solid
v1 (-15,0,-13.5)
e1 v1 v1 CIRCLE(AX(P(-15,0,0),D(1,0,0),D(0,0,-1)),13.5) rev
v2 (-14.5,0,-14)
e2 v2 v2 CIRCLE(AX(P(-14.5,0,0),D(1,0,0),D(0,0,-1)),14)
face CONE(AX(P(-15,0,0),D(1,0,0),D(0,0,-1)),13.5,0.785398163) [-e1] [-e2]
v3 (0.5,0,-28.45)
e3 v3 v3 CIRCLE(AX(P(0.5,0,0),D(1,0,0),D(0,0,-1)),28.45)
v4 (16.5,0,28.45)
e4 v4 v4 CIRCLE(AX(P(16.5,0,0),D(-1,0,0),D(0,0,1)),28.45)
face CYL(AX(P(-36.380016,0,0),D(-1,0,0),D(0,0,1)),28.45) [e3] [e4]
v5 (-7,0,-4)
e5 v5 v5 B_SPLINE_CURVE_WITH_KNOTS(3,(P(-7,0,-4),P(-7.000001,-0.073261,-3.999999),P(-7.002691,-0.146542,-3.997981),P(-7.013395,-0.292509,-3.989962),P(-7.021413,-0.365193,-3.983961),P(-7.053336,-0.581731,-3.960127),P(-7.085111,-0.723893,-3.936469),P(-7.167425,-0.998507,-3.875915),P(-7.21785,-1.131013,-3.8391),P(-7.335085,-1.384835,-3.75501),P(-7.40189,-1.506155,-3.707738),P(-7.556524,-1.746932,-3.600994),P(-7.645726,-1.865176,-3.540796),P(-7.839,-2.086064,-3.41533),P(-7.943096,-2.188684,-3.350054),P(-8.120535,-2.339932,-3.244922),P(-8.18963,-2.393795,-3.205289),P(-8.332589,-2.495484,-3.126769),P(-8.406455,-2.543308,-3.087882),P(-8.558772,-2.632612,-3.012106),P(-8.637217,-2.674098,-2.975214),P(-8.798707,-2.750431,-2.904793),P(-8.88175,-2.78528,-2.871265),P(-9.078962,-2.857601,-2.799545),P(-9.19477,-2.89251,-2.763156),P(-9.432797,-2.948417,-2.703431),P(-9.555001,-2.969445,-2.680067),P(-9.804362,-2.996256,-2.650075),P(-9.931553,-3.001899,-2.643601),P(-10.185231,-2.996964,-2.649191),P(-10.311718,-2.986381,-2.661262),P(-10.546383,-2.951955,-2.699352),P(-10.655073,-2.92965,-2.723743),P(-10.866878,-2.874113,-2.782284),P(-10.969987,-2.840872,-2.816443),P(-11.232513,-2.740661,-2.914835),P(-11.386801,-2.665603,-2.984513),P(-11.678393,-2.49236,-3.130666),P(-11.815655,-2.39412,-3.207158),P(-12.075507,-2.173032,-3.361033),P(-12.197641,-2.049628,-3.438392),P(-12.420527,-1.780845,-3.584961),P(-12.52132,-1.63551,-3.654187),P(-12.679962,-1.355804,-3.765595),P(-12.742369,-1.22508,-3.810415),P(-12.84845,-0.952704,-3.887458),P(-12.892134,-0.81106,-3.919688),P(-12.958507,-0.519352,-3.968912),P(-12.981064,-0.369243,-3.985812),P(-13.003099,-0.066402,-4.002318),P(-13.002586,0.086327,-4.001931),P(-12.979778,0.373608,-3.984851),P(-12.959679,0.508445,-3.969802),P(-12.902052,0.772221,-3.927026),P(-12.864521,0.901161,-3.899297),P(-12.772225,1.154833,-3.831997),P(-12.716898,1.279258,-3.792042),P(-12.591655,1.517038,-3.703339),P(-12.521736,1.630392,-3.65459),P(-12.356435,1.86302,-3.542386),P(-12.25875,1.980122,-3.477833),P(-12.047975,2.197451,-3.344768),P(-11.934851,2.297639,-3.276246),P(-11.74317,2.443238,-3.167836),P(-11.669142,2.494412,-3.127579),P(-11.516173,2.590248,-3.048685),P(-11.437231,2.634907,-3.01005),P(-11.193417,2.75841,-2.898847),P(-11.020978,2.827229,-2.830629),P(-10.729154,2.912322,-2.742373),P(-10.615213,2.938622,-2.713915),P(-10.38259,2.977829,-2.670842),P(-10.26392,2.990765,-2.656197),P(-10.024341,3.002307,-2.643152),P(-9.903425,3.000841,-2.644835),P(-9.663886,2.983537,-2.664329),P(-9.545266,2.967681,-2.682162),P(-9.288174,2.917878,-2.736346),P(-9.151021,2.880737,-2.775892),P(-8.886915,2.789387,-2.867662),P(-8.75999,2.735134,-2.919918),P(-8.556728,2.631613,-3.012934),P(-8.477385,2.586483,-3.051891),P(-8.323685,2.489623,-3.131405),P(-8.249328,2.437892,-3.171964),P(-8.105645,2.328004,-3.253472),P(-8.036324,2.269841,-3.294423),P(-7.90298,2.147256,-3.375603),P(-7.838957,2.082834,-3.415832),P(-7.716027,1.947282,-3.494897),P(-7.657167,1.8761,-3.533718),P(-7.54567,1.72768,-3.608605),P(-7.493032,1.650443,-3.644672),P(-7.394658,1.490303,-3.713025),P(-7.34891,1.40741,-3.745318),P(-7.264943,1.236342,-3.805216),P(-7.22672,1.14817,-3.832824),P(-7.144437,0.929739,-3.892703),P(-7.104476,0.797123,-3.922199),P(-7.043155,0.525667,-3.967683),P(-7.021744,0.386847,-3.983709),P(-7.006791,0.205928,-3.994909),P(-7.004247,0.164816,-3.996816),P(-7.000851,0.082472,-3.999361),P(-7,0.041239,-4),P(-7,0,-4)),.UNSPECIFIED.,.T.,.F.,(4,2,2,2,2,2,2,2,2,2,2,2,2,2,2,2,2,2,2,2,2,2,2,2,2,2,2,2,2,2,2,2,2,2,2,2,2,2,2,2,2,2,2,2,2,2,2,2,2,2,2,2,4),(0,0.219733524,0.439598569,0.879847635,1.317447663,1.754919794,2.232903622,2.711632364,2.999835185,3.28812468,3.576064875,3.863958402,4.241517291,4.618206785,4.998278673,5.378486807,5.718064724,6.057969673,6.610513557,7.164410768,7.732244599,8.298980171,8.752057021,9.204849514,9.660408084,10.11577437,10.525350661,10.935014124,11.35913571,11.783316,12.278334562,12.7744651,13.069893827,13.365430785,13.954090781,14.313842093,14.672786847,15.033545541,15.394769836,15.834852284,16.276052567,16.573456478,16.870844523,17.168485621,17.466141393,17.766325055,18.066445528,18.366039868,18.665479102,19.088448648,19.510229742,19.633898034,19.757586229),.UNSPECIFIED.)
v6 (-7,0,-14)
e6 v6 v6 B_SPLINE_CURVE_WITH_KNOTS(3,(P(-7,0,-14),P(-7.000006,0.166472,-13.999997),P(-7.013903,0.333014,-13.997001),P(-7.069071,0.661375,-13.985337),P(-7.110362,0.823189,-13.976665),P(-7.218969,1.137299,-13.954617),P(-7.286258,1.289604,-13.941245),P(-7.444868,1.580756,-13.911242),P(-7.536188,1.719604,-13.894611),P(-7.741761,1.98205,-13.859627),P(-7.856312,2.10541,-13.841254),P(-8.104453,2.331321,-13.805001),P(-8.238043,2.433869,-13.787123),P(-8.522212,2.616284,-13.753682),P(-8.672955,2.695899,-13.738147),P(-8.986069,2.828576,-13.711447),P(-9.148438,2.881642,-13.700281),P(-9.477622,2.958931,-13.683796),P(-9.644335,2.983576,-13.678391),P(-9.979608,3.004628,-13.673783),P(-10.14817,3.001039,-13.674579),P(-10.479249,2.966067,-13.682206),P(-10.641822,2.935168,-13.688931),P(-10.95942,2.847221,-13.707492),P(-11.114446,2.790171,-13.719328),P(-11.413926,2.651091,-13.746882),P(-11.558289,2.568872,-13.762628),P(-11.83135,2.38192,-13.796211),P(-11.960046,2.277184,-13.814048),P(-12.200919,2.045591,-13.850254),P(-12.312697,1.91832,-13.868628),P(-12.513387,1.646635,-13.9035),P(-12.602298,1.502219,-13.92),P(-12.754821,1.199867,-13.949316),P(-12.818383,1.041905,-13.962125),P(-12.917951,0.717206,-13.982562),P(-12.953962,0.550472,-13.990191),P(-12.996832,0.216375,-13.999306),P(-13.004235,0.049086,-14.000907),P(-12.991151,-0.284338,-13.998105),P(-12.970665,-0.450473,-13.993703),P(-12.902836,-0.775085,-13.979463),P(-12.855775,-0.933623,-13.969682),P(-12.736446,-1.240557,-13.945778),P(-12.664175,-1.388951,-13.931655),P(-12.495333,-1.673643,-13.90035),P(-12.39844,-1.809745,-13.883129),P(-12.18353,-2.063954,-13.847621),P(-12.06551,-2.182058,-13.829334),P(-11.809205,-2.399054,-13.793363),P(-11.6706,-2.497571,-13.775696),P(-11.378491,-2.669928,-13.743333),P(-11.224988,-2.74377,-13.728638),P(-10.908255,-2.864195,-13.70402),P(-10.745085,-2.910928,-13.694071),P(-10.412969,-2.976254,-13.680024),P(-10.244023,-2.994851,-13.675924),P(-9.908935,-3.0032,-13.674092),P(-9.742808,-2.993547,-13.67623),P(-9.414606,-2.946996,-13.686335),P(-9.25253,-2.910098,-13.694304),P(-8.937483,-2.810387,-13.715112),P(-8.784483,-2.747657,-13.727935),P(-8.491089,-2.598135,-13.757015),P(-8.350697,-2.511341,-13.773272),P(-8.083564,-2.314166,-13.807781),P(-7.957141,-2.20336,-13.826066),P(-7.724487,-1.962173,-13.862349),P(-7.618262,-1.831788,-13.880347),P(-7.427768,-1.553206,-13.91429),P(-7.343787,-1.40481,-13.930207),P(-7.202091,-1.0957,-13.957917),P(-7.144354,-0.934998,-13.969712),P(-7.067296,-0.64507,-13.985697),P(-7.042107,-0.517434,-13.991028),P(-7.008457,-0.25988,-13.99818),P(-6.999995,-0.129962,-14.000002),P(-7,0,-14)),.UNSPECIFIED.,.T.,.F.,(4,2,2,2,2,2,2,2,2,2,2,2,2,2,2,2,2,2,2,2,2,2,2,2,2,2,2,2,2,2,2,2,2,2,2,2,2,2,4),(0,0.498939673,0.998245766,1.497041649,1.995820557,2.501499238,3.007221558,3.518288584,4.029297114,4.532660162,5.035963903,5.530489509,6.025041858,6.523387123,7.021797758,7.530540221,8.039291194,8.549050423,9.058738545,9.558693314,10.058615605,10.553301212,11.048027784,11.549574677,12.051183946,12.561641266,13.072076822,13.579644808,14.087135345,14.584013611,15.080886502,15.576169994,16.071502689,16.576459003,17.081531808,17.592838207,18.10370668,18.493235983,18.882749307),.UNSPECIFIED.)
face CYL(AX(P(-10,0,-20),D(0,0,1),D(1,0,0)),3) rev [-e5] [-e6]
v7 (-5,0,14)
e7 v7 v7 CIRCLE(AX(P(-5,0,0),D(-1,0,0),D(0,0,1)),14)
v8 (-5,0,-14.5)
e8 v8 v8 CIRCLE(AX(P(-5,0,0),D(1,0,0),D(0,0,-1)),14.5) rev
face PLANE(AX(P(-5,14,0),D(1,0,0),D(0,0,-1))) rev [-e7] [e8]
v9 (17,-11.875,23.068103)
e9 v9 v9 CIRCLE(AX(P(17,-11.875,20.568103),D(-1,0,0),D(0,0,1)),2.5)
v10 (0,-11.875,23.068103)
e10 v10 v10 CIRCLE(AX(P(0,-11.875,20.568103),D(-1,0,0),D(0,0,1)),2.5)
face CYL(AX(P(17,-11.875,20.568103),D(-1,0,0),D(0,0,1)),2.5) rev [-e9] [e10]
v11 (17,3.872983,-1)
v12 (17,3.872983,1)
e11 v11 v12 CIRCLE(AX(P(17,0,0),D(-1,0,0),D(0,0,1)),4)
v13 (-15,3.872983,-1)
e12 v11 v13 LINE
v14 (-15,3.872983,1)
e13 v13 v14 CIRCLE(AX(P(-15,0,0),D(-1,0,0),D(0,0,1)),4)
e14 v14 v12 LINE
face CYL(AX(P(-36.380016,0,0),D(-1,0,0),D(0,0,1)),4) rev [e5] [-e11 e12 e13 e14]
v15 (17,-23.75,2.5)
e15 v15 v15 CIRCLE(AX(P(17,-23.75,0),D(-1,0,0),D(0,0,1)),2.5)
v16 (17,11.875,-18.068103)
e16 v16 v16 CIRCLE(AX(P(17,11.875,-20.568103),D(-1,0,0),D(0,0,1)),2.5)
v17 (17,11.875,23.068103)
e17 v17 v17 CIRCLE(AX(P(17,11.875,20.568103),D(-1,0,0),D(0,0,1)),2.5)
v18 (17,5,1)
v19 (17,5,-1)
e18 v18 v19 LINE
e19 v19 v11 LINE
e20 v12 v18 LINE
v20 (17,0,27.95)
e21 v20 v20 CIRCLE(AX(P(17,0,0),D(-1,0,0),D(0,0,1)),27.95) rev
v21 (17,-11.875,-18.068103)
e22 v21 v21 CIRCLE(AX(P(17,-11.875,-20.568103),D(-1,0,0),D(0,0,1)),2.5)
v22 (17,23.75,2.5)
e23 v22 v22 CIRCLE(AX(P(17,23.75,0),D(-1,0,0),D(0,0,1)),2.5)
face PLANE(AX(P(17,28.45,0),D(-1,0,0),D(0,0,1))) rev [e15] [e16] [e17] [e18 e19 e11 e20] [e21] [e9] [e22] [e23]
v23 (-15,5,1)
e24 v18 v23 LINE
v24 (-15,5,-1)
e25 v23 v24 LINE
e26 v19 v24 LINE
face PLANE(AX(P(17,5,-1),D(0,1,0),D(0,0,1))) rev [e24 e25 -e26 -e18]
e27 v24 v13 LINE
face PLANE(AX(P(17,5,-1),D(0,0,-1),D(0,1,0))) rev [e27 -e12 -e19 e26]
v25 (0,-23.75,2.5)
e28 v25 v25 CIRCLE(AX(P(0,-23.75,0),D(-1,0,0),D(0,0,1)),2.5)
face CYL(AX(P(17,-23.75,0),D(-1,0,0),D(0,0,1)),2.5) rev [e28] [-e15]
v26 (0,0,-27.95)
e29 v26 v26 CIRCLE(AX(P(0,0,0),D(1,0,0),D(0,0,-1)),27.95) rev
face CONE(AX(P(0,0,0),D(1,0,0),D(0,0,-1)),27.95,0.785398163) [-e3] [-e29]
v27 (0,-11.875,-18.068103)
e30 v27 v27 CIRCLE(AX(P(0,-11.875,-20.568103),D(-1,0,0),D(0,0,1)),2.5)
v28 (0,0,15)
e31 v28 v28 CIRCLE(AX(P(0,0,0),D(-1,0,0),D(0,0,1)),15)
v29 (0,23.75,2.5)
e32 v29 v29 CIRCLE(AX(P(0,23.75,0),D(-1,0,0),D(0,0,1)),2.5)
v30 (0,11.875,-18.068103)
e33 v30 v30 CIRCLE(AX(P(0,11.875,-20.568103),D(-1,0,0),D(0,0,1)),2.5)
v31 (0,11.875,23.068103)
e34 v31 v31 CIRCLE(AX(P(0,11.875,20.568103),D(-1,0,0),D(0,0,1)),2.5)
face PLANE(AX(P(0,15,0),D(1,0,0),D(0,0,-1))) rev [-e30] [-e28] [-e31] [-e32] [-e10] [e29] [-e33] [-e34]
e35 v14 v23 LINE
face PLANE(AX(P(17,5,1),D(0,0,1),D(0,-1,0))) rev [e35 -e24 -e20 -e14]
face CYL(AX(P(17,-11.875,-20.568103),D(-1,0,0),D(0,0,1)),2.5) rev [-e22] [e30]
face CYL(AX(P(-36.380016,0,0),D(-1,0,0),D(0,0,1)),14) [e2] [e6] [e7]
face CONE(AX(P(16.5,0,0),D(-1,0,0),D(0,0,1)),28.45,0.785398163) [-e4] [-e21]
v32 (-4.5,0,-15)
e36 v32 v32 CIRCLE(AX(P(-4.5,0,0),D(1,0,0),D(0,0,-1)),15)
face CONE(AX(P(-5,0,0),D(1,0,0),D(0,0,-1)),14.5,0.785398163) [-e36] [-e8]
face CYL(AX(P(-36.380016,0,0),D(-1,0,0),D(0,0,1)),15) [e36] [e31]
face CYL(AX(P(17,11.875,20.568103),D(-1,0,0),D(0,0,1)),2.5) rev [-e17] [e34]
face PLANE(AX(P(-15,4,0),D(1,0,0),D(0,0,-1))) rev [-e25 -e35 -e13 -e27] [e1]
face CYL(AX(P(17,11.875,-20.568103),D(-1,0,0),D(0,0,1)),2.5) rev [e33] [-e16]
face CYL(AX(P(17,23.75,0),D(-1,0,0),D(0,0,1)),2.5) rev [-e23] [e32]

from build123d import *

# Parameters (mm, degrees)
ESQUISSE2_R             = 2.5
ENL_V_MAT_EXTRU_1_DEPTH = 44.678427169
ESQUISSE3_W             = 2
ESQUISSE3_H             = 2.737754662
ENL_V_MAT_EXTRU_2_DEPTH = 52.408219187
ESQUISSE4_R             = 3
ENL_V_MAT_EXTRU_3_DEPTH = 20
CHANFREIN1_SIZE         = 0.5


with BuildPart() as part:
    # Esquisse1 → Révolution1 (revolve)
    with BuildSketch(Plane.XY, mode=Mode.PRIVATE) as r_volution1_sk:
        Polygon((-15, 4), (-15, 14), (-5, 14), (-5, 15), (0, 15), (0, 28.45), (17, 28.45), (17, 4), align=None)
    revolve(r_volution1_sk.sketch.rotate(Axis((-36.38001638, 0, 0), (1, 0, 0)), 90), axis=Axis((-36.38001638, 0, 0), (1, 0, 0)))

    # Esquisse2 → Enlèv. mat.-Extru.1 (cut, through all)
    with BuildSketch(Plane.ZY):
        with Locations((0, 23.75)):
            Circle(ESQUISSE2_R)
        with Locations((20.56810334, 11.875)):
            Circle(ESQUISSE2_R)
        with Locations((20.56810334, -11.875)):
            Circle(ESQUISSE2_R)
        with Locations((0, -23.75)):
            Circle(ESQUISSE2_R)
        with Locations((-20.56810334, -11.875)):
            Circle(ESQUISSE2_R)
        with Locations((-20.56810334, 11.875)):
            Circle(ESQUISSE2_R)
    extrude(amount=-ENL_V_MAT_EXTRU_1_DEPTH, mode=Mode.SUBTRACT)

    # Esquisse3 → Enlèv. mat.-Extru.2 (cut, through all)
    with BuildSketch(Plane.ZY.offset(15)):
        with Locations((0, 3.631122669)):
            Rectangle(ESQUISSE3_W, ESQUISSE3_H)
    extrude(amount=-ENL_V_MAT_EXTRU_2_DEPTH, mode=Mode.SUBTRACT)

    # Esquisse4 → Enlèv. mat.-Extru.3 (cut)
    with BuildSketch(Plane.XY):
        with Locations((-10, 0)):
            Circle(ESQUISSE4_R)
    extrude(amount=-ENL_V_MAT_EXTRU_3_DEPTH, mode=Mode.SUBTRACT)

    # Chanfrein1
    chanfrein1_edges = [part.edges().sort_by_distance(p)[0] for p in [
        (17, 0, -28.45),
        (0, 0, -28.45),
        (-5, 0, -15),
        (-15, 0, -14),
    ]]
    chamfer(chanfrein1_edges, length=CHANFREIN1_SIZE)


solid = part.part
